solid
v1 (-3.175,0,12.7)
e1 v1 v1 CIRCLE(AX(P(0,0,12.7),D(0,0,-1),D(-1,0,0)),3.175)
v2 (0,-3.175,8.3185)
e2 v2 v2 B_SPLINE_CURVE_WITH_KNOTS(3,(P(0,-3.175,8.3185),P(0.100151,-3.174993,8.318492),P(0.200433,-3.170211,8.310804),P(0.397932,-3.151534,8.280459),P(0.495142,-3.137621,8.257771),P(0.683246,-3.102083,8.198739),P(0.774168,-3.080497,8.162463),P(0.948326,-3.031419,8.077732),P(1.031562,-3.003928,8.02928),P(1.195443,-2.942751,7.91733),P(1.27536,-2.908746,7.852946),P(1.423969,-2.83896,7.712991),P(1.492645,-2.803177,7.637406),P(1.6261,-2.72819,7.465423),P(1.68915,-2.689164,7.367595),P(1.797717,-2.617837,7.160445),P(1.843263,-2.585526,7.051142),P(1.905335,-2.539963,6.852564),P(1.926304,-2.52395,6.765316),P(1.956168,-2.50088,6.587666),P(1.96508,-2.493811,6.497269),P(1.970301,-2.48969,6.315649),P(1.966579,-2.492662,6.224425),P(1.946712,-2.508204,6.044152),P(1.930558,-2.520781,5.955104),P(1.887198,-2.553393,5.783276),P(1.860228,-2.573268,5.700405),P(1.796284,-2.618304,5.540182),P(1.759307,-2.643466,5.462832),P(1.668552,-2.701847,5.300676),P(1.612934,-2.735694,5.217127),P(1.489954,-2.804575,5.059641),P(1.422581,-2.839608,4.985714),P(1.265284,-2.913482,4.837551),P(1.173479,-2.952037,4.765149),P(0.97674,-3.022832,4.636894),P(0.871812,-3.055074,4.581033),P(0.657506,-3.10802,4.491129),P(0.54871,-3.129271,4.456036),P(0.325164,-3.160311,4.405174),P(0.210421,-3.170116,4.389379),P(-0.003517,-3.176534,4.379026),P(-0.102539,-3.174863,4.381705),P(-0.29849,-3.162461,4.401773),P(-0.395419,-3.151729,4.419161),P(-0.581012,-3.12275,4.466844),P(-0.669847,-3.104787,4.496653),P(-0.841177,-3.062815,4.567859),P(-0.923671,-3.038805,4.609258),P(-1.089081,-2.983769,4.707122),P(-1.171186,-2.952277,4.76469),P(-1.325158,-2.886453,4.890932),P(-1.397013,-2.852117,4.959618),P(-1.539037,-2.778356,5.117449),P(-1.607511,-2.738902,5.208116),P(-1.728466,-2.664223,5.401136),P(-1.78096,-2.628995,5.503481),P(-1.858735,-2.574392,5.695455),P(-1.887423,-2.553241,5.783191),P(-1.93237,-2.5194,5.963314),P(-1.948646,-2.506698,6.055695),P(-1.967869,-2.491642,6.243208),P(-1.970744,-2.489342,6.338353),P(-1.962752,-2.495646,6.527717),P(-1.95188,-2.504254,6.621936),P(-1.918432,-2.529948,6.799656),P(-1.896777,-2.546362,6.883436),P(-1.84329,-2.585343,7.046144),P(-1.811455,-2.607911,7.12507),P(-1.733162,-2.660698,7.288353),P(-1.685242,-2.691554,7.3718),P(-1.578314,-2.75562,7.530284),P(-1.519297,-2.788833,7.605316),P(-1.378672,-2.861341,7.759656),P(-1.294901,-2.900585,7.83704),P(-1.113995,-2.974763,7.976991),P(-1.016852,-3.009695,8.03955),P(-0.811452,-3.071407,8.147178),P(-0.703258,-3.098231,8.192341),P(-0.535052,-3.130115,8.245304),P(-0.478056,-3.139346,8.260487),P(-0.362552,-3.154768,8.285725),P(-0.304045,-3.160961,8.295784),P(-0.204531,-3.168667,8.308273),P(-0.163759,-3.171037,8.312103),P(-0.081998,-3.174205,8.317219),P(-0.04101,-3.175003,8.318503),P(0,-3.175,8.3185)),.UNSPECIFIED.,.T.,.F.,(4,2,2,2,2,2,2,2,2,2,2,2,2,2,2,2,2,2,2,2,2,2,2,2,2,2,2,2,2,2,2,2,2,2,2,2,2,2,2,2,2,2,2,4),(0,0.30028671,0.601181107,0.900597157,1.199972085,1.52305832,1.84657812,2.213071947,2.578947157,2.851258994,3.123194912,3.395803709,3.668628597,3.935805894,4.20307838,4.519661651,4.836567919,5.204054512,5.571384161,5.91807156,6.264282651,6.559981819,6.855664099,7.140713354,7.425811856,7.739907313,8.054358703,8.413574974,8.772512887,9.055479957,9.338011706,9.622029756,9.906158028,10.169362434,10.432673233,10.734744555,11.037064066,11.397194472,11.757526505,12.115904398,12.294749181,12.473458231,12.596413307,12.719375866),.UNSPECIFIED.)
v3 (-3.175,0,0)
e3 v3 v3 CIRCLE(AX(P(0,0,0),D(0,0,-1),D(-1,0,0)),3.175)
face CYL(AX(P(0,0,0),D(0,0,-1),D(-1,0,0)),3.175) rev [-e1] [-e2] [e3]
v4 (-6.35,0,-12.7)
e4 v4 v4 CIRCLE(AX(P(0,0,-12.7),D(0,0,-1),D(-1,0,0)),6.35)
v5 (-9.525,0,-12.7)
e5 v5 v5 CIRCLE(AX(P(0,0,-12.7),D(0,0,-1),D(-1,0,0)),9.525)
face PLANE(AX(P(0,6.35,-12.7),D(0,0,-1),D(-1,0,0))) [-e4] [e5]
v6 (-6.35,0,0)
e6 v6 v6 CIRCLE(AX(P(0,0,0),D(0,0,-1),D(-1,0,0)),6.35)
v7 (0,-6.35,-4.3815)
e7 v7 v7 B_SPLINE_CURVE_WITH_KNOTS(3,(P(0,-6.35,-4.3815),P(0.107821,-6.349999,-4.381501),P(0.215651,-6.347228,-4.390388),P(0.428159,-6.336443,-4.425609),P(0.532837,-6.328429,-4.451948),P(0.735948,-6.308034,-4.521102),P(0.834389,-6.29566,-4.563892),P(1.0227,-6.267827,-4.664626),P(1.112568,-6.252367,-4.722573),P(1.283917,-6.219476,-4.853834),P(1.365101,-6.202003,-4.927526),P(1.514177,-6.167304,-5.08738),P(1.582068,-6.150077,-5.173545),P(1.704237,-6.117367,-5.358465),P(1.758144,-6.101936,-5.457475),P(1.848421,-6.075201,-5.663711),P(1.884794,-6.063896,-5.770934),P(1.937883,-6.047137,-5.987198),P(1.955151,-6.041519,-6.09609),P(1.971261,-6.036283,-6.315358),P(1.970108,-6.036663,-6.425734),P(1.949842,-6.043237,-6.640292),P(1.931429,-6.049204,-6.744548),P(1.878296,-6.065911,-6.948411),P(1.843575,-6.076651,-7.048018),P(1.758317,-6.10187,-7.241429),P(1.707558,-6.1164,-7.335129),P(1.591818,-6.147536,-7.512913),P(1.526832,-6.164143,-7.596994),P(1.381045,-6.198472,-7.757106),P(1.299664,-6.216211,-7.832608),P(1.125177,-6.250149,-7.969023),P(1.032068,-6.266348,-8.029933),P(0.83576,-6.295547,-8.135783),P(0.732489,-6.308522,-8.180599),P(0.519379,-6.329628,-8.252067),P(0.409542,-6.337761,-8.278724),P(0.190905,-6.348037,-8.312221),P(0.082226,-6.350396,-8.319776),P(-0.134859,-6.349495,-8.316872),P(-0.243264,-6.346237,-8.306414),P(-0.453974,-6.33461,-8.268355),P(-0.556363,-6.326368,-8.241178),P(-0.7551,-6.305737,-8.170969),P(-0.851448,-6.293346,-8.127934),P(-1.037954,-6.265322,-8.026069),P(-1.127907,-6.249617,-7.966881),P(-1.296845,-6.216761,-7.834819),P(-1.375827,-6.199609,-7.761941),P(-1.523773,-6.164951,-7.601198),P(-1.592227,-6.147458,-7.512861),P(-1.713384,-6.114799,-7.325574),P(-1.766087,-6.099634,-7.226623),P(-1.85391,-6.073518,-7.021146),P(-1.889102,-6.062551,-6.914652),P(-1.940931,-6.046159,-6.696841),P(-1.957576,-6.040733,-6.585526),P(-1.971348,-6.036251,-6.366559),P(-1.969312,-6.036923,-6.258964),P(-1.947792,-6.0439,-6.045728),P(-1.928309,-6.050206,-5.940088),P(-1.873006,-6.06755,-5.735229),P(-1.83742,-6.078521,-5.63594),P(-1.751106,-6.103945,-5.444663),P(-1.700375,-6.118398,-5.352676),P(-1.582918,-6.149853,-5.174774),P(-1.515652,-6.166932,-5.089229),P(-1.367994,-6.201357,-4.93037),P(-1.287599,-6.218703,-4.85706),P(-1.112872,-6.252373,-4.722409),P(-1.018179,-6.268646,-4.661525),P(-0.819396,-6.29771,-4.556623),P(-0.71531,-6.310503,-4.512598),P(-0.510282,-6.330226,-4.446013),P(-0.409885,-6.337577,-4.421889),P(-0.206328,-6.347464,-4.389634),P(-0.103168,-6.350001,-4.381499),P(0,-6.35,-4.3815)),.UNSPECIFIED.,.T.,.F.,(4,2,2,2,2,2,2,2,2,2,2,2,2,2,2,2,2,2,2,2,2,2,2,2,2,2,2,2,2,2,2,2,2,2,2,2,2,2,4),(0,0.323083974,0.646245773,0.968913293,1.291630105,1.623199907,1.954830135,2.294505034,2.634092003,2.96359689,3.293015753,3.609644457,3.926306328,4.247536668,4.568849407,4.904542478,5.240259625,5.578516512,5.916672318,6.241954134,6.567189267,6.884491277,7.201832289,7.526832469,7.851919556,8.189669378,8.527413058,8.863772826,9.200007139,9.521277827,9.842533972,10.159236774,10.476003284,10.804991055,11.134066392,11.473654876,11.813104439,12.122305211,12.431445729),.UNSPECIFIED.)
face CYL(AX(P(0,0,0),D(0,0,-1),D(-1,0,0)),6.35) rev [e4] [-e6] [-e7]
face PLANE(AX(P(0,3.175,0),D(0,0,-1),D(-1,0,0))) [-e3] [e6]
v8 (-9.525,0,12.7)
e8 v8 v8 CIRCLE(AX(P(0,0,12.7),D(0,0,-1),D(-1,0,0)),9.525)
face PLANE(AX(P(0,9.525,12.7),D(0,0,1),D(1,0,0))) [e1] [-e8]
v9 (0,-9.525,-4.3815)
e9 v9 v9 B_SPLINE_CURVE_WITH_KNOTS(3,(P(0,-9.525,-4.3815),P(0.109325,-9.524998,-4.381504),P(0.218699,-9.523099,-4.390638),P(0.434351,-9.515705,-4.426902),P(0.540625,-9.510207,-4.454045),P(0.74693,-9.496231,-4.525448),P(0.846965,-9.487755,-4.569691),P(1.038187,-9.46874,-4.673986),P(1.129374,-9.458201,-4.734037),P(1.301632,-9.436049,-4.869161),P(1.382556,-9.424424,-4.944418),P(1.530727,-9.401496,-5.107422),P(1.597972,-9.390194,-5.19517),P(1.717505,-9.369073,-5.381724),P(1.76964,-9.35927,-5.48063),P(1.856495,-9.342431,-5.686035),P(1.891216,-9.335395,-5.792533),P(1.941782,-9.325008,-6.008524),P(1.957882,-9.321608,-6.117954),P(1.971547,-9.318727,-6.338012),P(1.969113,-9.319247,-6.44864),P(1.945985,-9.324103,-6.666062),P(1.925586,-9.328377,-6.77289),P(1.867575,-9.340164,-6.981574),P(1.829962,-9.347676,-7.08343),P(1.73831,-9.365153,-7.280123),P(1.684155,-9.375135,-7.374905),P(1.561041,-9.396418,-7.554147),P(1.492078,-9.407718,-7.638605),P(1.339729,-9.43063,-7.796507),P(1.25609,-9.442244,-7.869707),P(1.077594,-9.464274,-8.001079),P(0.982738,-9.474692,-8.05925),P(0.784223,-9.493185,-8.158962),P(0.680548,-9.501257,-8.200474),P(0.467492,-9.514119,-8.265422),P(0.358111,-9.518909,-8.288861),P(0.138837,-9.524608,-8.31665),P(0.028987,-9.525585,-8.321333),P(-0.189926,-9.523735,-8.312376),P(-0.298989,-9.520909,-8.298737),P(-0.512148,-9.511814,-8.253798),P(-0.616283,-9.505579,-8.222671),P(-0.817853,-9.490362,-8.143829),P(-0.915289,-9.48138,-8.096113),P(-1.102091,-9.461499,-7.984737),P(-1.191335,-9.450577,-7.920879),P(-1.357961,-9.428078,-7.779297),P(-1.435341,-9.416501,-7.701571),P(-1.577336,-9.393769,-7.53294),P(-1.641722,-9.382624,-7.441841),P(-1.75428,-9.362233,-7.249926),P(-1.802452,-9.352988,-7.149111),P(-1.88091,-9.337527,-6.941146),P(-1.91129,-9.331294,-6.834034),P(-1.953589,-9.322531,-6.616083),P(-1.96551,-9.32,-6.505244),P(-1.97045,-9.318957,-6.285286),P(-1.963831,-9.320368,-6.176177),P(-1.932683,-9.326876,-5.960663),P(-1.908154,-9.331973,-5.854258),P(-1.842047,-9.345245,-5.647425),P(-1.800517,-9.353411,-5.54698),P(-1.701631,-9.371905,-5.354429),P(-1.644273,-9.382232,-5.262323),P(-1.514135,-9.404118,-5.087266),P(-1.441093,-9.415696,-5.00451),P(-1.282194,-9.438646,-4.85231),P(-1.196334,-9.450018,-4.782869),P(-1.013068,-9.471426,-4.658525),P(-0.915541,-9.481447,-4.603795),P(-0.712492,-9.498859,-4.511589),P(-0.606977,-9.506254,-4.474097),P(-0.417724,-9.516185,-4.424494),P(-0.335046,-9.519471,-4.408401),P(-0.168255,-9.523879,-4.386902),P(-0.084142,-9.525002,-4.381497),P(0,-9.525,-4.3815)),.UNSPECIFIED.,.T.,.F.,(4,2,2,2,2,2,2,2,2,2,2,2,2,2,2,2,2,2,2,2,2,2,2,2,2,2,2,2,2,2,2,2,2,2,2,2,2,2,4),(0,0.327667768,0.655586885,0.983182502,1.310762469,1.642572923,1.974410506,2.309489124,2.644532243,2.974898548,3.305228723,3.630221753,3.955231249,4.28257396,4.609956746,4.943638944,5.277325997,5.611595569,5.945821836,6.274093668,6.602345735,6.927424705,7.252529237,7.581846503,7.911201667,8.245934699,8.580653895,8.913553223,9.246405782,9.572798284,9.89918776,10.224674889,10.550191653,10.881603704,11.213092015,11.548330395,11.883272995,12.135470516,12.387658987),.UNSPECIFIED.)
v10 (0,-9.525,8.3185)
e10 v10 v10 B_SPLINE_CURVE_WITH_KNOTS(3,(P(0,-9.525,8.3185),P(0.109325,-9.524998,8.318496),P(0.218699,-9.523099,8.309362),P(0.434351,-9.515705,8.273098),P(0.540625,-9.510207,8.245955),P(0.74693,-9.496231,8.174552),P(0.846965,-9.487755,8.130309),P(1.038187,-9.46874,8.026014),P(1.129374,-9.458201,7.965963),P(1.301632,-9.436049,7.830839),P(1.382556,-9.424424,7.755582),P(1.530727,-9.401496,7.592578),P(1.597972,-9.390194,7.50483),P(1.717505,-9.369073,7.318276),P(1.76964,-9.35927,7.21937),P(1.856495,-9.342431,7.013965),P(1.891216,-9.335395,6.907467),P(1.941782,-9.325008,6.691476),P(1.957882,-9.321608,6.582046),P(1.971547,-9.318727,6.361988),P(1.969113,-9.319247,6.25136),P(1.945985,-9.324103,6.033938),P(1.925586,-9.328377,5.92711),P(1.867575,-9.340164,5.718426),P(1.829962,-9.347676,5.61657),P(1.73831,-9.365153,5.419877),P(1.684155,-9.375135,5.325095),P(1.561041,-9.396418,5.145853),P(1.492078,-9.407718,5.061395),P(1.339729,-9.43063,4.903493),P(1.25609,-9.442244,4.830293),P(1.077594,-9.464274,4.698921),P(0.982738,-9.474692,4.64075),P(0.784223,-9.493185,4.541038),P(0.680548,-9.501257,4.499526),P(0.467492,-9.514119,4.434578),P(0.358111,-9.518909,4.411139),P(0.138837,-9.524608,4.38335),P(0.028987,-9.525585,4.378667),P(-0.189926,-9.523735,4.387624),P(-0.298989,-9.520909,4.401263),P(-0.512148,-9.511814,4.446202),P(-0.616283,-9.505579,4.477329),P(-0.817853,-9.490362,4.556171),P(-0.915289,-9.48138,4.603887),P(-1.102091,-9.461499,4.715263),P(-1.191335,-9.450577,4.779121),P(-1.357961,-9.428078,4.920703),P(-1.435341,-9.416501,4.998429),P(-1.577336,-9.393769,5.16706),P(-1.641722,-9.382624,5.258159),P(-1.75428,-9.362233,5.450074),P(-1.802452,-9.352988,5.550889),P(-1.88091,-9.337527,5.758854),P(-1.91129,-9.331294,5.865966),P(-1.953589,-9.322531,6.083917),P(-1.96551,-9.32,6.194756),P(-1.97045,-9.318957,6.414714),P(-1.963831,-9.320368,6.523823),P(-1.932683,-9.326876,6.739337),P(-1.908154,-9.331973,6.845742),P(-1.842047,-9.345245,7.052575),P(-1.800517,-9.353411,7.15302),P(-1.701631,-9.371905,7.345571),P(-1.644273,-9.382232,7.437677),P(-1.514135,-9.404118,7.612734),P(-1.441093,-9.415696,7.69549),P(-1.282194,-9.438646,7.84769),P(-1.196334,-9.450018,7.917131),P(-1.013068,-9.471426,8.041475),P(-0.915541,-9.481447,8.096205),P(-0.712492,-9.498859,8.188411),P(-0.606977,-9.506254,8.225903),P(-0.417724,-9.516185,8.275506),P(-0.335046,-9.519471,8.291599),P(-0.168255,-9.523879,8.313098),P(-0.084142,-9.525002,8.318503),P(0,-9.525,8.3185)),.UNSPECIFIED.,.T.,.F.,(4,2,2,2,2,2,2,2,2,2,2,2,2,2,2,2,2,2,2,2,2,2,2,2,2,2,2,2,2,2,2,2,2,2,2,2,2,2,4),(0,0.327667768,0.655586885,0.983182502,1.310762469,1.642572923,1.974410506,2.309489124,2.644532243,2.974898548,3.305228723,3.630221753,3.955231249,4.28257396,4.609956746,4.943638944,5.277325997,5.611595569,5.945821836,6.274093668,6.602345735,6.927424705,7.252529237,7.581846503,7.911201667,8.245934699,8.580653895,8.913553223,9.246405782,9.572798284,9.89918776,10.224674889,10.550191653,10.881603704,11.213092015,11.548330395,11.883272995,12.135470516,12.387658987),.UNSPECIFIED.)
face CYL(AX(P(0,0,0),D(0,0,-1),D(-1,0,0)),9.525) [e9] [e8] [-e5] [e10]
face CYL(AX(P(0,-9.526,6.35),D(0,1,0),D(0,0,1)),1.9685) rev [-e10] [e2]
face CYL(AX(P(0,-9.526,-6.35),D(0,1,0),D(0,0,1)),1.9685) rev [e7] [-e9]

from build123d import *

# Parameters (mm, degrees)
CUT_EXTRUDE1_REACH      = 20.513
CUT_EXTRUDE1_END_RADIUS = 9.525
SKETCH2_R               = 1.9685


with BuildPart() as part:
    # Sketch1 → Revolve1 (revolve)
    with BuildSketch(Plane(origin=(0, 0, 0), x_dir=(0, 0, -1), z_dir=(1, 0, 0))):
        Polygon((0, 3.175), (0, 6.35), (12.7, 6.35), (12.7, 9.525), (-12.7, 9.525), (-12.7, 3.175), align=None)
    revolve(axis=Axis((0, 0, 0), (0, 0, 1)))

    # Cut-Extrude1: up to this cylinder (the profile starts inside it)
    cut_extrude1_end = Plane(origin=(0, 0, 0), z_dir=(0, 0, -1)) * Cylinder(CUT_EXTRUDE1_END_RADIUS, 73.776, mode=Mode.PRIVATE)
    # Sketch2 → Cut-Extrude1 (cut, up to the surface)
    with BuildSketch(Plane(origin=(0, 0, 0), x_dir=(1, 0, 0), z_dir=(0, 1, 0)), mode=Mode.PRIVATE) as cut_extrude1_sk1:
        with Locations((0, -6.35)):
            Circle(SKETCH2_R)
    cut_extrude1_tool1 = extrude(cut_extrude1_sk1.sketch, amount=-CUT_EXTRUDE1_REACH, mode=Mode.PRIVATE) & cut_extrude1_end
    add(cut_extrude1_tool1.solids().sort_by_distance((0, 0, 6.35))[0], mode=Mode.SUBTRACT)
    # Sketch2 → Cut-Extrude1 (cut, up to the surface)
    with BuildSketch(Plane(origin=(0, 0, 0), x_dir=(1, 0, 0), z_dir=(0, 1, 0)), mode=Mode.PRIVATE) as cut_extrude1_sk2:
        with Locations((0, 6.35)):
            Circle(SKETCH2_R)
    cut_extrude1_tool2 = extrude(cut_extrude1_sk2.sketch, amount=-CUT_EXTRUDE1_REACH, mode=Mode.PRIVATE) & cut_extrude1_end
    add(cut_extrude1_tool2.solids().sort_by_distance((0, 0, -6.35))[0], mode=Mode.SUBTRACT)


solid = part.part
